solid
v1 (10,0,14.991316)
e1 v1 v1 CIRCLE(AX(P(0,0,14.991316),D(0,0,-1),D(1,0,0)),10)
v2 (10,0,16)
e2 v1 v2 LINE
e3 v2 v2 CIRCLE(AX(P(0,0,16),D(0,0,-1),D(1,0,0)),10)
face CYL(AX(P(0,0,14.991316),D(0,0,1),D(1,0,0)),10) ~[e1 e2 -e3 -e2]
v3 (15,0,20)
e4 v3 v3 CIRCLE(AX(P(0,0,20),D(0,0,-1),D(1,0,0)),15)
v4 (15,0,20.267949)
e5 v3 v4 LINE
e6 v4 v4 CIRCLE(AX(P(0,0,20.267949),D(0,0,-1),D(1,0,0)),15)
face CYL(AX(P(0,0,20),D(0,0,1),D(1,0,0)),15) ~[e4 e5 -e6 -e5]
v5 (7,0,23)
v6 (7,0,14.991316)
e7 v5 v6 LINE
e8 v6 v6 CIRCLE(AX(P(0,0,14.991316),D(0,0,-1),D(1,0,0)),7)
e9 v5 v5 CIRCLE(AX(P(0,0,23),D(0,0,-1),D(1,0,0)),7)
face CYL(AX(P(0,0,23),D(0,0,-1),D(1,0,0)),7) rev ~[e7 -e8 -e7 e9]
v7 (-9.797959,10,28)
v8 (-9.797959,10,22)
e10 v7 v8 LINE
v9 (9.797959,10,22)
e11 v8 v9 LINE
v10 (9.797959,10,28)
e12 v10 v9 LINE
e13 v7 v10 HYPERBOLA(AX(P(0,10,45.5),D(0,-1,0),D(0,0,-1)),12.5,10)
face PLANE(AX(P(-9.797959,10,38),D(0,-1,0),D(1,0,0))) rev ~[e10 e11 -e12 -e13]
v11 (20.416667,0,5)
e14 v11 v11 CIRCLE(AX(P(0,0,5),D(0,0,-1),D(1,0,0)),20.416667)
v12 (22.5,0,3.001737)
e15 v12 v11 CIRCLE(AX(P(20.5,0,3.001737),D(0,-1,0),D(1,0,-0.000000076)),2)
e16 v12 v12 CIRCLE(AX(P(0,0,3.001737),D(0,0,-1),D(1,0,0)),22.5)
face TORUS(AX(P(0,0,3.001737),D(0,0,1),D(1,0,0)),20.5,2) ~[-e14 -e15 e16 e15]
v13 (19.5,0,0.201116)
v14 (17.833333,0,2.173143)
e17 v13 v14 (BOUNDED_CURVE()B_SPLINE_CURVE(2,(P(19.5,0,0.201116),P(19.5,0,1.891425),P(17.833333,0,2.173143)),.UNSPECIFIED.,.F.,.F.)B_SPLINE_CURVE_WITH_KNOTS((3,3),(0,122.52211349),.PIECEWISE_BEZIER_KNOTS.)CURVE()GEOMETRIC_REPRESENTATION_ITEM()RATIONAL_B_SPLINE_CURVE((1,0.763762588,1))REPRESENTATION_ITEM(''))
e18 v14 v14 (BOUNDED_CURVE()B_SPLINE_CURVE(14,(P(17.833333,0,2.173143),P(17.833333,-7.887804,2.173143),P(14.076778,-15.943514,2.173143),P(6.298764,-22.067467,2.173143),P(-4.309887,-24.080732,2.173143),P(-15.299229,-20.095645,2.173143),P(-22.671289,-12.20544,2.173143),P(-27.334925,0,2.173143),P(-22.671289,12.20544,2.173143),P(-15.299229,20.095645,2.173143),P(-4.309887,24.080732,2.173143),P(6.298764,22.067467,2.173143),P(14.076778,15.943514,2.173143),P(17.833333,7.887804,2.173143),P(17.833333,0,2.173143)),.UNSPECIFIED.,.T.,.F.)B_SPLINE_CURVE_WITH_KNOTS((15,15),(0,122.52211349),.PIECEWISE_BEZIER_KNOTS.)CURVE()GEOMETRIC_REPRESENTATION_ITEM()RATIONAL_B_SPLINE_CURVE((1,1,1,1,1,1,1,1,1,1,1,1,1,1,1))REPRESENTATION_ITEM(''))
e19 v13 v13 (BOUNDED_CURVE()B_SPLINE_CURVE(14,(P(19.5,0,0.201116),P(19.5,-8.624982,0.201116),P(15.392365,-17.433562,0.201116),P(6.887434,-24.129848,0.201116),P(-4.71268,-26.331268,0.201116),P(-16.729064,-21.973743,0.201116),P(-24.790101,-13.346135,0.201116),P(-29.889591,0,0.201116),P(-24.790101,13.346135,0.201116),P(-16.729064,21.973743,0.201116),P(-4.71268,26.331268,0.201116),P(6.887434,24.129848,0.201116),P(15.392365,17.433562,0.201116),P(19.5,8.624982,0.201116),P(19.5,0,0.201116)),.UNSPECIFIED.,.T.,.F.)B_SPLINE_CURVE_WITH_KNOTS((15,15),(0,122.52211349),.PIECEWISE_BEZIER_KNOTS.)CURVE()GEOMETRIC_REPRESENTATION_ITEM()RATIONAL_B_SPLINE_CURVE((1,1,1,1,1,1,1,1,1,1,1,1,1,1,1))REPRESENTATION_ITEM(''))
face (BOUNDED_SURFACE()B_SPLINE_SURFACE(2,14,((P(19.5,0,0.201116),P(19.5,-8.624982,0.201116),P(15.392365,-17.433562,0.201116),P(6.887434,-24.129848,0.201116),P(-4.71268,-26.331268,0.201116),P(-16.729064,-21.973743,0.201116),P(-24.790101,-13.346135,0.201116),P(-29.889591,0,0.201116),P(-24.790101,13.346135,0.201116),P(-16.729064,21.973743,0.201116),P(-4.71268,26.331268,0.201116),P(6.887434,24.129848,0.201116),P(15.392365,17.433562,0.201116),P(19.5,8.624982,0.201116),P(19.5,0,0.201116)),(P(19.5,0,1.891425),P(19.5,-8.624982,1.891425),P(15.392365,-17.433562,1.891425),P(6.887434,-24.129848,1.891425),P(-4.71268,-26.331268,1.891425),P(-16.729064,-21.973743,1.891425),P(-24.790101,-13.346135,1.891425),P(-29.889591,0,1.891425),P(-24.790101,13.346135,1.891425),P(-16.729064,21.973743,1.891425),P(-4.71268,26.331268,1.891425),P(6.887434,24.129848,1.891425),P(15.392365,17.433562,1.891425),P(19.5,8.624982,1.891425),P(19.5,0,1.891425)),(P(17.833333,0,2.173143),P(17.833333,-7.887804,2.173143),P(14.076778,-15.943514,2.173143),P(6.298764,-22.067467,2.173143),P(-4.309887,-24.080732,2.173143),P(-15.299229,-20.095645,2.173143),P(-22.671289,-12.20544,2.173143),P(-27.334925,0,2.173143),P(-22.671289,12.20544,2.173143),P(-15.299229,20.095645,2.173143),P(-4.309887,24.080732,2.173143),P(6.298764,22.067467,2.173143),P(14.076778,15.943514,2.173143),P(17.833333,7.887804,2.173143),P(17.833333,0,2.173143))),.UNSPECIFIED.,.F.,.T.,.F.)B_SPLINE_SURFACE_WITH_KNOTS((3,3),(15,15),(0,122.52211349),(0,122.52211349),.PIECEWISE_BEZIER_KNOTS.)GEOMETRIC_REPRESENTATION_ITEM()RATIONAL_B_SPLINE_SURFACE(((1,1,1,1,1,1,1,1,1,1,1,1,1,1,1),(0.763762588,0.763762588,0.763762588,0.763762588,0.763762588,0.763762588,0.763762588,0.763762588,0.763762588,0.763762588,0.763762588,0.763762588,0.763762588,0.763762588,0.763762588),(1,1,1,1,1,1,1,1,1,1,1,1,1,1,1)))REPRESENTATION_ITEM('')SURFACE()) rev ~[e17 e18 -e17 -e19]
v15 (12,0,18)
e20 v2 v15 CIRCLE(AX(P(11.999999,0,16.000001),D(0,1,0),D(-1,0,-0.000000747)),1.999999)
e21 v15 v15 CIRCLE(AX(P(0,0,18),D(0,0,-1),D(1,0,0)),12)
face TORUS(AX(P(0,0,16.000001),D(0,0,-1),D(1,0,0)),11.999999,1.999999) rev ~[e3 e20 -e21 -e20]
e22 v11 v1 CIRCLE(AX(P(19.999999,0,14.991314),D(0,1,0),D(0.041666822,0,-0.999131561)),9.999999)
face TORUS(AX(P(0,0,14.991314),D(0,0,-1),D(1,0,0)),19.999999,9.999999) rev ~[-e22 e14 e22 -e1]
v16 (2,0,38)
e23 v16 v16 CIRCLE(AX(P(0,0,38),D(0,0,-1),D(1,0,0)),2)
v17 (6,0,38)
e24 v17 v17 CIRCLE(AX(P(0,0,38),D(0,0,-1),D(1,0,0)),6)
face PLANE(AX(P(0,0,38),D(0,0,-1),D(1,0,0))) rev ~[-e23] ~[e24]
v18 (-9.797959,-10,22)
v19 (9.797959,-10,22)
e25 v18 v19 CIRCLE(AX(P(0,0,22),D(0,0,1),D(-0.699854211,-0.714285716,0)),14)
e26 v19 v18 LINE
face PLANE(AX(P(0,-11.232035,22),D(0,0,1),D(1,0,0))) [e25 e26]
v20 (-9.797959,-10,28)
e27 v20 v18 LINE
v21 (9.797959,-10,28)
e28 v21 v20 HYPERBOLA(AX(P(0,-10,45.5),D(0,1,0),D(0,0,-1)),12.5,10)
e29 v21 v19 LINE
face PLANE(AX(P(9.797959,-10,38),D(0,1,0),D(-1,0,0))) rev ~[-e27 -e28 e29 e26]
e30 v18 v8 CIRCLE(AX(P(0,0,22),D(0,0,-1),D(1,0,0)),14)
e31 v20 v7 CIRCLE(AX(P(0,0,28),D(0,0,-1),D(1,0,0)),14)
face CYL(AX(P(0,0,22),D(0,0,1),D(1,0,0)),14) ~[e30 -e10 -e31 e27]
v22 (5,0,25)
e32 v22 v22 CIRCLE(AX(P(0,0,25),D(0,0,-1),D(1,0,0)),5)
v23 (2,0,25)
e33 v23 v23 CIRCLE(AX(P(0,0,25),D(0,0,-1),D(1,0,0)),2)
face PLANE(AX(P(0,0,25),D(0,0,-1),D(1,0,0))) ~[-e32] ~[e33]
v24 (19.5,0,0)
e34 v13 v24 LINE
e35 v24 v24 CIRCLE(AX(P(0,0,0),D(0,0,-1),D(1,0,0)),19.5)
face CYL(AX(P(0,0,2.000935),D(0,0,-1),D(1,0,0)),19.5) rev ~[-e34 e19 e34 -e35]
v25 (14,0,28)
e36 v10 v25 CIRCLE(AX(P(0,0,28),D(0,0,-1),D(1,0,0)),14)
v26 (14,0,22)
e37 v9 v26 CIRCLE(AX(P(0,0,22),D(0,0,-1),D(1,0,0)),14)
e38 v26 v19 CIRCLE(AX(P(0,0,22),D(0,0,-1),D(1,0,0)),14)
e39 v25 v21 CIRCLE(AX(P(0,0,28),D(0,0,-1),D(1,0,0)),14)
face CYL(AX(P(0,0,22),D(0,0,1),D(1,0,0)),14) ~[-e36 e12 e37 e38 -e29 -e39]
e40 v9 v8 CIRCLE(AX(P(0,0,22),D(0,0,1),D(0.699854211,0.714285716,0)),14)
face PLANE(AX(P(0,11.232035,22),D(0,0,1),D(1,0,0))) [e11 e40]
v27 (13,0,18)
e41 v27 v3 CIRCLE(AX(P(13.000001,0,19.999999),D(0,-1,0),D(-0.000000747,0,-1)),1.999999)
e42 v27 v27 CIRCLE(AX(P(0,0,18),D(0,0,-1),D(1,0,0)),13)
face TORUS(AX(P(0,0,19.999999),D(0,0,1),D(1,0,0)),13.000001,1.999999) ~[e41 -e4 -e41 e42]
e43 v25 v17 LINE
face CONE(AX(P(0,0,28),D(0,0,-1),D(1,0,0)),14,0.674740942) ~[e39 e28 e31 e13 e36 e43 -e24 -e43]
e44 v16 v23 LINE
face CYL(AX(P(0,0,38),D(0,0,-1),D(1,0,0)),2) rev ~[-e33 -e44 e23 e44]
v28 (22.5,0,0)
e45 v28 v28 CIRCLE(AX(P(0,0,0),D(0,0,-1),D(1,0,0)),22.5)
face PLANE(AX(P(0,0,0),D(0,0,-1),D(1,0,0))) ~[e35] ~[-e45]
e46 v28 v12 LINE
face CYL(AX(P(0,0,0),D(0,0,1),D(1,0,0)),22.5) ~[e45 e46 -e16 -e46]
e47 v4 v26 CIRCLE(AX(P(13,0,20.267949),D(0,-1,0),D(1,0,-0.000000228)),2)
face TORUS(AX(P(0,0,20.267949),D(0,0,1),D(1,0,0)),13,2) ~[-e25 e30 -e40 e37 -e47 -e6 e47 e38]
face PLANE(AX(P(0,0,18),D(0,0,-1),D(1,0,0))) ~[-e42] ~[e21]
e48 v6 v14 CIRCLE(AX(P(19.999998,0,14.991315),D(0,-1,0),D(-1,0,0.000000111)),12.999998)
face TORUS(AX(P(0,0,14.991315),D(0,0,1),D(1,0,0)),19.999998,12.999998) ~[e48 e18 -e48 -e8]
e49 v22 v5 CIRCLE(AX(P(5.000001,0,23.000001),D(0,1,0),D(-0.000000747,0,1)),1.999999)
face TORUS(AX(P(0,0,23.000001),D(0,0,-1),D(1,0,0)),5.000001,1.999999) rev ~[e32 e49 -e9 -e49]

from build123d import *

# Parameters (mm, degrees)
F2_R     = 2
F4_DEPTH = 16


with BuildPart() as f1:
    # F0 (on Front) → F1 (revolve)
    with BuildSketch(Plane.XZ):
        with BuildLine():
            Line((19.5, 2.000935), (19.5, 0))
            Line((19.5, 0), (22.5, 0))
            Line((22.5, 0), (22.5, 3.001737))
            ThreePointArc((22.5, 3.001737), (21.884437, 4.445113), (20.416667, 5))
            ThreePointArc((20.416667, 5), (13.077813, 7.774437), (10, 14.991316))
            Line((10, 14.991316), (10, 16))
            ThreePointArc((10, 16), (10.585786, 17.414214), (12, 18))
            Line((12, 18), (13, 18))
            ThreePointArc((13, 18), (14.414214, 18.585786), (15, 20))
            Line((15, 20), (15, 20.267949))
            ThreePointArc((15, 20.267949), (14.732051, 21.267949), (14, 22))
            Line((14, 22), (14, 28))
            Line((14, 28), (6, 38))
            Line((6, 38), (2, 38))
            Line((2, 38), (2, 25))
            Line((2, 25), (5, 25))
            ThreePointArc((5, 25), (6.414214, 24.414214), (7, 23))
            Line((7, 23), (7, 14.991316))
            ThreePointArc((7, 14.991316), (10.632503, 5.977437), (19.5, 2.000935))
        make_face()
    revolve(axis=Axis((0, 0, -15.109697), (0, 0, -1)))

    # F2
    f2_edges = [f1.edges().sort_by_distance(p)[0] for p in [
        (-19.5, 0, 2.000935),
        (-5, 0, 25),
    ]]
    fillet(f2_edges, radius=F2_R)

    # F3 (on face) → F4 (cut)
    with BuildSketch(Plane.XY.offset(38)):
        with BuildLine():
            Line((-9.797959, 10), (9.797959, 10))
            ThreePointArc((9.797959, 10), (0, 14), (-9.797959, 10))
        make_face()
        with BuildLine():
            ThreePointArc((-9.797959, -10), (0, -14), (9.797959, -10))
            Line((9.797959, -10), (-9.797959, -10))
        make_face()
    extrude(amount=-F4_DEPTH, mode=Mode.SUBTRACT)


solid = f1.part
